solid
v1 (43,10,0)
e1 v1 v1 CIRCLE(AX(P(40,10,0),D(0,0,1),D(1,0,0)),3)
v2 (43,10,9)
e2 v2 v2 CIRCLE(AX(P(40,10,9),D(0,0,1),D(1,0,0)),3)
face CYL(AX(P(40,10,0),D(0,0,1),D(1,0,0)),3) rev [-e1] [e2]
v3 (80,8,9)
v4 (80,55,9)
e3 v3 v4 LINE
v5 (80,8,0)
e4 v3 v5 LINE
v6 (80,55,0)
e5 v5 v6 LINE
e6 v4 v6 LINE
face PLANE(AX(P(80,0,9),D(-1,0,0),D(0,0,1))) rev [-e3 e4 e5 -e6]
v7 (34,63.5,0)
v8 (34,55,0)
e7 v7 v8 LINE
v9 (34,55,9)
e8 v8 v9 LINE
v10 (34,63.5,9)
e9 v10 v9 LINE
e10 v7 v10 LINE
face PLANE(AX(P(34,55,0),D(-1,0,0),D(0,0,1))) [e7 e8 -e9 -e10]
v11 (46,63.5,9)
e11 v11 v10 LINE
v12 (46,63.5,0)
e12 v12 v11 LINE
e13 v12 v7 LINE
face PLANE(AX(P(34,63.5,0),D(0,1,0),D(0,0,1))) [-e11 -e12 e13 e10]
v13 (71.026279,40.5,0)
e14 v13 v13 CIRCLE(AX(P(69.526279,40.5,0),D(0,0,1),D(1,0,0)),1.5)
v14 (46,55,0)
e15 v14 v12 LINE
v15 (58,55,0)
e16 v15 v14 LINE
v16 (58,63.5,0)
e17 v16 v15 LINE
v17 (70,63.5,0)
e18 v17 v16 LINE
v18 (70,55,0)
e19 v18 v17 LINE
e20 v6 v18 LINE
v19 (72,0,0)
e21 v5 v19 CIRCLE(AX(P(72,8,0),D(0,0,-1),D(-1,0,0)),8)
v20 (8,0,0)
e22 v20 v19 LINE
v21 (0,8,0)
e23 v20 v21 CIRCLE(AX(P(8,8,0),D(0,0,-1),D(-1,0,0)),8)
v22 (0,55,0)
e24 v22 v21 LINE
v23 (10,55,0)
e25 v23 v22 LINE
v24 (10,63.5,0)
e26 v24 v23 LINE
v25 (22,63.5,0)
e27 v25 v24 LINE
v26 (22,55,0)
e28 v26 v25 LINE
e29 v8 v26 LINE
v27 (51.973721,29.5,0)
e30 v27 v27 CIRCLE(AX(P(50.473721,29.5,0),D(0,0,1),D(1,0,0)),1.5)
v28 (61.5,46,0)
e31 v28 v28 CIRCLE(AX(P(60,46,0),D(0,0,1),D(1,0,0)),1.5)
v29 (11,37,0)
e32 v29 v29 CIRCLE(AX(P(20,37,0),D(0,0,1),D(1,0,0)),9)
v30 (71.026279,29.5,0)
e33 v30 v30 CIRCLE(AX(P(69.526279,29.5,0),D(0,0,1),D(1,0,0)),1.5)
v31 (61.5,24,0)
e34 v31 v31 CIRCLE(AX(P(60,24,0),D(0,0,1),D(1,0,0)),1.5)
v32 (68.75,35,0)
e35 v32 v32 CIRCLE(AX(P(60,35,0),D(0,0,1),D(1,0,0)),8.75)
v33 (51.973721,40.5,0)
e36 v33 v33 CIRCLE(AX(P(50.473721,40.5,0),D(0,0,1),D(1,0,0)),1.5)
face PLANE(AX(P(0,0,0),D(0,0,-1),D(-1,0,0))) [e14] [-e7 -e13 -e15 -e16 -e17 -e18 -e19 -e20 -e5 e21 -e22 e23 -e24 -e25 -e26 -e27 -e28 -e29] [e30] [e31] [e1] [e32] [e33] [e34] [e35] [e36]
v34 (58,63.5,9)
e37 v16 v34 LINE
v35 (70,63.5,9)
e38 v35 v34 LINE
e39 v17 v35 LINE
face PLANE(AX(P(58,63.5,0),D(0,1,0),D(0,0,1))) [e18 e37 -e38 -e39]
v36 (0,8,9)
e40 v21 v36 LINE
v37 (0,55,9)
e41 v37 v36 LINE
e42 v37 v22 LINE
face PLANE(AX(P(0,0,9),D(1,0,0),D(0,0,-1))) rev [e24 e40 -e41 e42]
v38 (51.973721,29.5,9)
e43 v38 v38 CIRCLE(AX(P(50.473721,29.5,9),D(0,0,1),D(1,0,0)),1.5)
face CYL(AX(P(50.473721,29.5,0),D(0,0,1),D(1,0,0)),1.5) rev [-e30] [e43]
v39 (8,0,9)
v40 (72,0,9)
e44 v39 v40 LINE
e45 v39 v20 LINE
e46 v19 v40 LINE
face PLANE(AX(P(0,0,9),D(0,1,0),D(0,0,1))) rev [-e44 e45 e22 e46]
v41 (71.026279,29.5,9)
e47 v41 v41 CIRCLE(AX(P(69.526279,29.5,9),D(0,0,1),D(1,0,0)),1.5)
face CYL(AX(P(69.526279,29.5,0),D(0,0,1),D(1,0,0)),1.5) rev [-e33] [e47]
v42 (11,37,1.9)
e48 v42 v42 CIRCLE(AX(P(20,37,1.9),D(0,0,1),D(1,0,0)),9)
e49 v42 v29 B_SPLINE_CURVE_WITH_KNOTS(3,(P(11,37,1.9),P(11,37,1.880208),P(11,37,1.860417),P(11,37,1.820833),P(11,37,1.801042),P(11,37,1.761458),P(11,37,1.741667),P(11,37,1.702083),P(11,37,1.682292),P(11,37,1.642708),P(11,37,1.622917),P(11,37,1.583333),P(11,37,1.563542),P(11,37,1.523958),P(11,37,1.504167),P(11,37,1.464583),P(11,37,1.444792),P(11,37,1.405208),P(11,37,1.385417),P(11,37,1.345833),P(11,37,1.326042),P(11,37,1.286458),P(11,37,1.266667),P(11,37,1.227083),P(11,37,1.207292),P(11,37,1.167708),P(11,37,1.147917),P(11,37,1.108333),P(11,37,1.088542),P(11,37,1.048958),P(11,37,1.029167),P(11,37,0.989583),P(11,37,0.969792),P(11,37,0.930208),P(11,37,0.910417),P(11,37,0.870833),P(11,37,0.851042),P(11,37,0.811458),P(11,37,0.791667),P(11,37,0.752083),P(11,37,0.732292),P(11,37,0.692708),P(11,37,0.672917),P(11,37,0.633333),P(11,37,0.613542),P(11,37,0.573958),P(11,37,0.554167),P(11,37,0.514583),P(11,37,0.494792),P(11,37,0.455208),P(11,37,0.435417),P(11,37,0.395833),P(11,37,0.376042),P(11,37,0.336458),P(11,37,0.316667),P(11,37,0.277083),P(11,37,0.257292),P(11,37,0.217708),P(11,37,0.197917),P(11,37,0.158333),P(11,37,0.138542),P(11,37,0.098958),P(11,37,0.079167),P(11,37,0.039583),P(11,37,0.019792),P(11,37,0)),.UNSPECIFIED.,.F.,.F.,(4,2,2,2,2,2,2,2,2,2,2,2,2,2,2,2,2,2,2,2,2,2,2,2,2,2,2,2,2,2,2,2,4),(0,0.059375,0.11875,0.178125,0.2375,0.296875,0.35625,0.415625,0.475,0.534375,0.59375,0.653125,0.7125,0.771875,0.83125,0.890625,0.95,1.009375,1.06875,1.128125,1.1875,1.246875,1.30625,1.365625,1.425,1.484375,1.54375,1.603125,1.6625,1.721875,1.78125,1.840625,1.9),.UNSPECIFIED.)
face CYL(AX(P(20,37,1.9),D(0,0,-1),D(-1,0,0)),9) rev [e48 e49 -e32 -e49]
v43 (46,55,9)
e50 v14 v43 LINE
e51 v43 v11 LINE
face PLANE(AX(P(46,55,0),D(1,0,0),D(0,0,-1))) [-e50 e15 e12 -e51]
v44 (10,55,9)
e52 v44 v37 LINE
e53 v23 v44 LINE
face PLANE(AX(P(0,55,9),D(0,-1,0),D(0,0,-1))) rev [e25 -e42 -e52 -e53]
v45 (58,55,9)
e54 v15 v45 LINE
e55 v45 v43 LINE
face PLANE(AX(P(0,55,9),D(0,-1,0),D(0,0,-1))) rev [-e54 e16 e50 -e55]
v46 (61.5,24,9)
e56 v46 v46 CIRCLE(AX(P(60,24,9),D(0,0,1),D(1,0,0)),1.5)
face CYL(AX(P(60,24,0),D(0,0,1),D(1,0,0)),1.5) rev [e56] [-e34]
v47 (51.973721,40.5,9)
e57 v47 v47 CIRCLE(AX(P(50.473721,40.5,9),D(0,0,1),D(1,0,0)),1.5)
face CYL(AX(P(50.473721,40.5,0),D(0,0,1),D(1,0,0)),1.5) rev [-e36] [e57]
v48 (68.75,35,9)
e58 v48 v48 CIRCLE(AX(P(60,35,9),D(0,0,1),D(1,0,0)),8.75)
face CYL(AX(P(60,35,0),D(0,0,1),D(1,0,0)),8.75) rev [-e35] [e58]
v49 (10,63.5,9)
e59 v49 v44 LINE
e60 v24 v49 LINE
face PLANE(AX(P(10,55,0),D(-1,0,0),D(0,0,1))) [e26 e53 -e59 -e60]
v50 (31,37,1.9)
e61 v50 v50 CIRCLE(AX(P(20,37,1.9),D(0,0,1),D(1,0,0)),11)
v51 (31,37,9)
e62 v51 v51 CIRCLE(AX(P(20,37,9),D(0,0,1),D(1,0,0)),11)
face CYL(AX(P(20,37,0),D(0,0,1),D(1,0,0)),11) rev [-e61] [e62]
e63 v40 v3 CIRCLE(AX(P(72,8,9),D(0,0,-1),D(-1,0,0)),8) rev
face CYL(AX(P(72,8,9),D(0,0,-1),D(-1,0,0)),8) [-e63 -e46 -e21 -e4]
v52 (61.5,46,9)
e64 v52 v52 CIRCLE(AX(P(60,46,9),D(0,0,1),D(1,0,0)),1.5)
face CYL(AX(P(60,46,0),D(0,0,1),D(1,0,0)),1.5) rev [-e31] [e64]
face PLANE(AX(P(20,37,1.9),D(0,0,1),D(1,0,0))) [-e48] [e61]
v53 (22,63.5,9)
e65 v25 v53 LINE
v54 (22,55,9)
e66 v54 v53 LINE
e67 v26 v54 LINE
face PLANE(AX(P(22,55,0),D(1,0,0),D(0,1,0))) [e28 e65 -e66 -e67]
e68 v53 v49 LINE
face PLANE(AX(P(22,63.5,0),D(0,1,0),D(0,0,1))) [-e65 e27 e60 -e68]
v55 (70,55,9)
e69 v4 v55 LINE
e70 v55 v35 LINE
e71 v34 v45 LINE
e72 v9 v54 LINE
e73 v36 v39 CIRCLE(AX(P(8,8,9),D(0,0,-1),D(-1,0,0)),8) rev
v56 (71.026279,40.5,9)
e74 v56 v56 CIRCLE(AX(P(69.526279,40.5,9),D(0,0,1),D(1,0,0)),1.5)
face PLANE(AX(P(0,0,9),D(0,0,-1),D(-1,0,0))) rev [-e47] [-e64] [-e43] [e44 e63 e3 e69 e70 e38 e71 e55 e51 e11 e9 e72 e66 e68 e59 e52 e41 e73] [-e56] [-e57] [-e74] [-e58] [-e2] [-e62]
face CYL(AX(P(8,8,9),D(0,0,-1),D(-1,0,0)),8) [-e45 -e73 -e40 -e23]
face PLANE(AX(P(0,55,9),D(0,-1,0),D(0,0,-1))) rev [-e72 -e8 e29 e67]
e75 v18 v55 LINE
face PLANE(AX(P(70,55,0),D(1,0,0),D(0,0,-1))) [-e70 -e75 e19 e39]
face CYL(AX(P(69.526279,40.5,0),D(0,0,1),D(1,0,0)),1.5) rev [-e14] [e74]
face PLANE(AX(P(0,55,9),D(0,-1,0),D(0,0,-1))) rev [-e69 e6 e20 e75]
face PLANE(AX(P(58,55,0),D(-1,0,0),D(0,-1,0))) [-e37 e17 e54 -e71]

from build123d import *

# Parameters (mm, degrees)
ESQUISSE1_W             = 80
ESQUISSE1_H             = 55
BOSS_EXTRU_1_DEPTH      = 9
ESQUISSE2_R             = 11
ESQUISSE2_R_2           = 8.75
ESQUISSE2_R_3           = 1.5
ENL_V_MAT_EXTRU_1_DEPTH = 98.49871794
ESQUISSE3_R             = 3
ENL_V_MAT_EXTRU_2_DEPTH = 98.49871794
CONG_1_R                = 8
BOSS_EXTRU_2_START      = 1.9
ESQUISSE4_R             = 11
ESQUISSE4_R_2           = 9
BOSS_EXTRU_2_DEPTH      = 1.9
ESQUISSE5_W             = 12
ESQUISSE5_H             = 8.5
BOSS_EXTRU_3_DEPTH      = 9


with BuildPart() as part:
    # Esquisse1 → Boss.-Extru.1 (new body)
    with BuildSketch(Plane.XY):
        with Locations((40, 27.5)):
            Rectangle(ESQUISSE1_W, ESQUISSE1_H)
    extrude(amount=BOSS_EXTRU_1_DEPTH)

    # Esquisse2 → Enlèv. mat.-Extru.1 (cut, through all)
    with BuildSketch(Plane.XY.offset(9)):
        with Locations((20, 37)):
            Circle(ESQUISSE2_R)
        with Locations((60, 35)):
            Circle(ESQUISSE2_R_2)
        with Locations((60, 46)):
            Circle(ESQUISSE2_R_3)
        with Locations((69.526279442, 40.5)):
            Circle(ESQUISSE2_R_3)
        with Locations((69.526279442, 29.5)):
            Circle(ESQUISSE2_R_3)
        with Locations((60, 24)):
            Circle(ESQUISSE2_R_3)
        with Locations((50.473720558, 29.5)):
            Circle(ESQUISSE2_R_3)
        with Locations((50.473720558, 40.5)):
            Circle(ESQUISSE2_R_3)
    extrude(amount=-ENL_V_MAT_EXTRU_1_DEPTH, mode=Mode.SUBTRACT)

    # Esquisse3 → Enlèv. mat.-Extru.2 (cut, through all)
    with BuildSketch(Plane.XY.offset(9)):
        with Locations((40, 10)):
            Circle(ESQUISSE3_R)
    extrude(amount=-ENL_V_MAT_EXTRU_2_DEPTH, mode=Mode.SUBTRACT)

    # Congé1
    cong_1_edges = [part.edges().sort_by_distance(p)[0] for p in [
        (80, 0, 4.5),
        (0, 0, 4.5),
    ]]
    fillet(cong_1_edges, radius=CONG_1_R)

    # Esquisse4 → Boss.-Extru.2 (add)
    with BuildSketch(Plane.XY.offset(BOSS_EXTRU_2_START)):
        with Locations((20, 37)):
            Circle(ESQUISSE4_R)
        with Locations(Location((20, 37, 0), (0, 0, 180))):
            Circle(ESQUISSE4_R_2, mode=Mode.SUBTRACT)
    extrude(amount=-BOSS_EXTRU_2_DEPTH)

    # Esquisse5 → Boss.-Extru.3 (add)
    with BuildSketch(Plane.XY.offset(9)):
        with Locations((40, 59.25)):
            Rectangle(ESQUISSE5_W, ESQUISSE5_H)
        with Locations((16, 59.25)):
            Rectangle(ESQUISSE5_W, ESQUISSE5_H)
        with Locations((64, 59.25)):
            Rectangle(ESQUISSE5_W, ESQUISSE5_H)
    extrude(amount=-BOSS_EXTRU_3_DEPTH)


solid = part.part
